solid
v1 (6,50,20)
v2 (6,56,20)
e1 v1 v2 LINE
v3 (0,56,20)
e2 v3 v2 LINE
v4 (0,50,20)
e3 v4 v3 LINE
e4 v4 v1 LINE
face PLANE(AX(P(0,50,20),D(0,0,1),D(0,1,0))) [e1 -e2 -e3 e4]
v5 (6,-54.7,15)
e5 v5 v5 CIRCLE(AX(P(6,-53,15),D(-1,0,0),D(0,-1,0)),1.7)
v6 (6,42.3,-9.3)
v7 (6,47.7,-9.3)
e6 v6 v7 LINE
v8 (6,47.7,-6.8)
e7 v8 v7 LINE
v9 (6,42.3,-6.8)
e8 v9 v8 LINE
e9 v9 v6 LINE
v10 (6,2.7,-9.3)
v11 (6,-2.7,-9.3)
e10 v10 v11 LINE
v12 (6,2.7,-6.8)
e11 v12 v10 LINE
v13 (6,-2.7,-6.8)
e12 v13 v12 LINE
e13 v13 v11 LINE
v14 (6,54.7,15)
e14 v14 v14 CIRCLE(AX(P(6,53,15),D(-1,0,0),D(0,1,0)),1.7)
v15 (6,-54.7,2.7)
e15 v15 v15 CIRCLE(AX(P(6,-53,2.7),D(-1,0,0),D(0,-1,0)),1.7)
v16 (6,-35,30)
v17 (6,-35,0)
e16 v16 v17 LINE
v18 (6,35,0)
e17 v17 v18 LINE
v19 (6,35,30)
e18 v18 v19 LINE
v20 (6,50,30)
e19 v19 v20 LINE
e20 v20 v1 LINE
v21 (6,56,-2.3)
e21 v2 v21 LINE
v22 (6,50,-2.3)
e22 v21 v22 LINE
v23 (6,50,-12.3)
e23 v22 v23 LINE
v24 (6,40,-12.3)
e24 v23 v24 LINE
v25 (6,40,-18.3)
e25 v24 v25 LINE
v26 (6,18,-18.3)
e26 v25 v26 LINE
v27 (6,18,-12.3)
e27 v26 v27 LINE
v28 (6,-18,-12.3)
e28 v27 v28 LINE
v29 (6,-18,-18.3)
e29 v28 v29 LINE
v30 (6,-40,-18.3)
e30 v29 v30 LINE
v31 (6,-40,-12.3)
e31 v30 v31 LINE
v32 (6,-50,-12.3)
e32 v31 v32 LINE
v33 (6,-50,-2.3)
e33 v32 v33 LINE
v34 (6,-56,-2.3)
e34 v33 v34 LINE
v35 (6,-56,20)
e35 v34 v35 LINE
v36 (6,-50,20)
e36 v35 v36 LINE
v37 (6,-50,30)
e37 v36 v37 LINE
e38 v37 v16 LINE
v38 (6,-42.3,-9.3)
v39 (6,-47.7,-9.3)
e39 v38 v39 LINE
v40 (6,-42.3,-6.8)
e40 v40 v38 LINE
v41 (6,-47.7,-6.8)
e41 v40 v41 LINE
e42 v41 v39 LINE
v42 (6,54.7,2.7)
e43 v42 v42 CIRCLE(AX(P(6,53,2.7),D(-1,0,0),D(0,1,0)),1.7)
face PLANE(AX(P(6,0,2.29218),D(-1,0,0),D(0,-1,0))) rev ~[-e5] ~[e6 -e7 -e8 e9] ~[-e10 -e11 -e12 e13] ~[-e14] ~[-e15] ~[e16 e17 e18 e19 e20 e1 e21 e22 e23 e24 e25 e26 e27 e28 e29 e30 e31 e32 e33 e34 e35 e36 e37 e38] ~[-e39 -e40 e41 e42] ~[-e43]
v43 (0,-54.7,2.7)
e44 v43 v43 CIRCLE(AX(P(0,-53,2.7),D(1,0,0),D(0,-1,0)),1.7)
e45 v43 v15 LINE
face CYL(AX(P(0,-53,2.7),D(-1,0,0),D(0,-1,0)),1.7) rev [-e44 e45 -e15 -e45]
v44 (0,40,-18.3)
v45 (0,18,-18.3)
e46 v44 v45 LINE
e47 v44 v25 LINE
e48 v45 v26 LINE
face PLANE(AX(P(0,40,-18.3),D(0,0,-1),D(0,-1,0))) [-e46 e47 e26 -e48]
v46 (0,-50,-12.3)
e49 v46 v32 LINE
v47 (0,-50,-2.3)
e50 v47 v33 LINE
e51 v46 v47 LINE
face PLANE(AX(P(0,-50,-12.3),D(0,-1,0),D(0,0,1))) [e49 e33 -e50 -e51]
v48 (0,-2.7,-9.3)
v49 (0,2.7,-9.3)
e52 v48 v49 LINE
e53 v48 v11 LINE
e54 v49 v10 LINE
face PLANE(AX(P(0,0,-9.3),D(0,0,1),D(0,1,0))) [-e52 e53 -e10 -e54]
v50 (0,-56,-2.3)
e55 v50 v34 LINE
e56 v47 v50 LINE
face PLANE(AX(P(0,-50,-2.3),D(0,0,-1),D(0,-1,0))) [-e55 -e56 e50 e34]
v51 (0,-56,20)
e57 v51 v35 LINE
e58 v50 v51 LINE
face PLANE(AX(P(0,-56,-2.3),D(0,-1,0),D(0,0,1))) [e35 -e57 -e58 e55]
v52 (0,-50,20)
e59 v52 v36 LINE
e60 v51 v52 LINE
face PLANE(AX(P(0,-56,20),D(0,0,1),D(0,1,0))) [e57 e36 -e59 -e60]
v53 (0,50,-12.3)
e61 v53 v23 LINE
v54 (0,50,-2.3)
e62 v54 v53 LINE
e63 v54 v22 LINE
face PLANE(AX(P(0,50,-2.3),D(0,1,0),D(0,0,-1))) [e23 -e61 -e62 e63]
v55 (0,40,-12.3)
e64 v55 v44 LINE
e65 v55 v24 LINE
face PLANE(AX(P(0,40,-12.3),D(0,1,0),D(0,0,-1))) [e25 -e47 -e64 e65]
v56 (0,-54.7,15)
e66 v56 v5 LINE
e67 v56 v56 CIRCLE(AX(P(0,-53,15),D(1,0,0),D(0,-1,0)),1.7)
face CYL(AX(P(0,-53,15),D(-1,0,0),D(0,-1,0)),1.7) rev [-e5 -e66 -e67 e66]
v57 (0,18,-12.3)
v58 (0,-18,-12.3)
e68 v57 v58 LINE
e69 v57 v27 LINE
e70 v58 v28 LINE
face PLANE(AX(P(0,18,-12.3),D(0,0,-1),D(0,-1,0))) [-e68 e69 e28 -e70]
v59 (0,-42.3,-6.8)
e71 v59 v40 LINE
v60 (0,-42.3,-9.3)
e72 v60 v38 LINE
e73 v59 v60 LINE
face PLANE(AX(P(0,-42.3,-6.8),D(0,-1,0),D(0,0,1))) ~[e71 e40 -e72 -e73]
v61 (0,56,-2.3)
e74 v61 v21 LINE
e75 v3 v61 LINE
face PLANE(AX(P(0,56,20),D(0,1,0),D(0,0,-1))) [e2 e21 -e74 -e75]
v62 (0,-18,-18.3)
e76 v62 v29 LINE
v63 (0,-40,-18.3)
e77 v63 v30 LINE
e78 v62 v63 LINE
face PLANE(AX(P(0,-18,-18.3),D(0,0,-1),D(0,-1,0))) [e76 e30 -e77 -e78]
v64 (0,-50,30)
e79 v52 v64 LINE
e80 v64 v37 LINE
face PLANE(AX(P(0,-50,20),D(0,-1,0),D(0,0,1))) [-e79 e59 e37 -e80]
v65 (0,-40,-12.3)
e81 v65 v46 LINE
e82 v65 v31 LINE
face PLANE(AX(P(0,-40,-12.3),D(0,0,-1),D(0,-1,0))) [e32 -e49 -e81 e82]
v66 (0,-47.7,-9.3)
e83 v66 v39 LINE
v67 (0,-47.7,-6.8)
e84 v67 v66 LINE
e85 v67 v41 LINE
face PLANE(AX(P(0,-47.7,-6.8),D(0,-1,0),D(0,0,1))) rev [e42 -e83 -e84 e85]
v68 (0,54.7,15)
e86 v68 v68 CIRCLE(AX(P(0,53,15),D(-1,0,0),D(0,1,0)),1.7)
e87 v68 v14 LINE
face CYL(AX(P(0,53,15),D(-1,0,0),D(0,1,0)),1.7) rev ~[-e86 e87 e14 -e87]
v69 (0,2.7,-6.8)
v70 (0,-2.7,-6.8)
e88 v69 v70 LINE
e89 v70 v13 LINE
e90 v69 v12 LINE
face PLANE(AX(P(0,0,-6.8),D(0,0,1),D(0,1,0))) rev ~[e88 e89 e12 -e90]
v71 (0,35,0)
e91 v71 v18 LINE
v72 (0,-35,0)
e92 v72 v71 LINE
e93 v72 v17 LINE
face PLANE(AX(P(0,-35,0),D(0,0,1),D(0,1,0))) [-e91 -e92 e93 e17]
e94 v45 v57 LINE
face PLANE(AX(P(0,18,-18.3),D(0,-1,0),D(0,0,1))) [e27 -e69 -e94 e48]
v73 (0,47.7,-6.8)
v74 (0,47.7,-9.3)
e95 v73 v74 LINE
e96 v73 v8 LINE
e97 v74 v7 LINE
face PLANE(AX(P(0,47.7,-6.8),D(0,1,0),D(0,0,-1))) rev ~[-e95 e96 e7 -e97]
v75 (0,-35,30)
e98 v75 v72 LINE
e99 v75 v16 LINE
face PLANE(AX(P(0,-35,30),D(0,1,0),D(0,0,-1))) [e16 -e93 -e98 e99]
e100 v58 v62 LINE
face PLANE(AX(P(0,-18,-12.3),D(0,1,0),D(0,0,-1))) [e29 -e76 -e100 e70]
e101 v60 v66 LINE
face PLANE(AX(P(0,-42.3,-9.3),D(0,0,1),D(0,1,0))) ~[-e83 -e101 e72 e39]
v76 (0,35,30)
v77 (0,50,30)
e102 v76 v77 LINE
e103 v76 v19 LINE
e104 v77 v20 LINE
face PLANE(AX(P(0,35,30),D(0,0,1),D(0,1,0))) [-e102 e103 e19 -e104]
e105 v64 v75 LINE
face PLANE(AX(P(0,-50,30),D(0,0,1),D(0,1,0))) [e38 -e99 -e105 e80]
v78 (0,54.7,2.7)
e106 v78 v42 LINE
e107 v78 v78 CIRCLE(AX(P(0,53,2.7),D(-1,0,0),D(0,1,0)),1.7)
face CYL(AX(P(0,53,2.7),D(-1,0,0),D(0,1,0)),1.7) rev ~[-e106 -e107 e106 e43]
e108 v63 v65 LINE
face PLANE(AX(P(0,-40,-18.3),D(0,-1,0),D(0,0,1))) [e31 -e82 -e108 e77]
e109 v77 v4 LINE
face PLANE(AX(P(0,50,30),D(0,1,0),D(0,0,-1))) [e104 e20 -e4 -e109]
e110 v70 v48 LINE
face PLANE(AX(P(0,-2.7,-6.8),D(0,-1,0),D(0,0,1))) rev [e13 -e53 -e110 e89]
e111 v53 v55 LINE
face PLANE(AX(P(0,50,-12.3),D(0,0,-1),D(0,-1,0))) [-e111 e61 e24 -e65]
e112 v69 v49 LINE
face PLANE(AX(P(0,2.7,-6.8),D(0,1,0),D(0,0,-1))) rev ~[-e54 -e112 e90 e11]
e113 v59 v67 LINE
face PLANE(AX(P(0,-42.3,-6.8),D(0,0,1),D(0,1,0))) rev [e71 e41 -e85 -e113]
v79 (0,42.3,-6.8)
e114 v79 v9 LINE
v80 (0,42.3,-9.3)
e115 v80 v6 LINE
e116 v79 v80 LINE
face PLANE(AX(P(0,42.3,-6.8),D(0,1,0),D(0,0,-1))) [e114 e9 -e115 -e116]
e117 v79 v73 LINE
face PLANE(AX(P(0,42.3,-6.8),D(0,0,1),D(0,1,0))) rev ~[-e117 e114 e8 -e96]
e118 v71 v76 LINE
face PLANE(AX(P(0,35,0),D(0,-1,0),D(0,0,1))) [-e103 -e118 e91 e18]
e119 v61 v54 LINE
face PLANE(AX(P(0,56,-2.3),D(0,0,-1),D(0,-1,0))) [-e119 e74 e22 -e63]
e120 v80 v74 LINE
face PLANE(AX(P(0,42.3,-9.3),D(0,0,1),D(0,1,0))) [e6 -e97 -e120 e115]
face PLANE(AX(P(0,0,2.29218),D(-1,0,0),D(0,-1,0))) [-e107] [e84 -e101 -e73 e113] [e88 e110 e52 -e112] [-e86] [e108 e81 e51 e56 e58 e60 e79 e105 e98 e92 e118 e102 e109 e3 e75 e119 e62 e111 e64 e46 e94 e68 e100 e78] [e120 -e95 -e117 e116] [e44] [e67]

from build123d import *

# Parameters (mm, degrees)
PAD_DEPTH       = 6
SKETCH001_W     = 5.4
SKETCH001_H     = 2.5
SKETCH001_W_2   = 2.7
POCKET_DEPTH    = 250.237688
SKETCH002_R     = 1.7
POCKET001_DEPTH = 250.237688


with BuildPart() as part:
    # Sketch → Pad (new body)
    with BuildSketch(Plane.YZ):
        Polygon((-50, 30), (-35, 30), (-35, 0), (35, 0), (35, 30), (50, 30), (50, 20), (56, 20), (56, -2.3), (50, -2.3), (50, -12.3), (40, -12.3), (40, -18.3), (18, -18.3), (18, -12.3), (-18, -12.3), (-18, -18.3), (-40, -18.3), (-40, -12.3), (-50, -12.3), (-50, -2.3), (-56, -2.3), (-56, 20), (-50, 20), align=None)
    extrude(amount=PAD_DEPTH)

    # Sketch001 (on Face25 of Pad) → Pocket (cut, through all)
    with BuildSketch(Plane(origin=(0, 0, 0), x_dir=(0, 1, 0), z_dir=(-1, 0, 0))):
        with Locations((45, 8.05)):
            Rectangle(SKETCH001_W, SKETCH001_H)
        with Locations((1.35, 8.05)):
            Rectangle(SKETCH001_W_2, SKETCH001_H)
    pocket = extrude(amount=-POCKET_DEPTH, mode=Mode.SUBTRACT)

    # Mirrored: Pocket across Sketch001 V_Axis
    add(pocket.mirror(Plane(origin=(0, 0, 0), x_dir=(-1, 0, 0), z_dir=(0, 1, 0))), mode=Mode.SUBTRACT)

    # Sketch002 (on Face4 of Mirrored) → Pocket001 (cut, through all)
    with BuildSketch(Plane(origin=(0, 0, 0), x_dir=(0, 1, 0), z_dir=(-1, 0, 0))):
        with Locations((53, -15)):
            Circle(SKETCH002_R)
        with Locations((53, -2.7)):
            Circle(SKETCH002_R)
    pocket001 = extrude(amount=-POCKET001_DEPTH, mode=Mode.SUBTRACT)

    # Mirrored001: Pocket001 across Sketch002 V_Axis
    add(pocket001.mirror(Plane(origin=(0, 0, 0), x_dir=(-1, 0, 0), z_dir=(0, 1, 0))), mode=Mode.SUBTRACT)


solid = part.part
